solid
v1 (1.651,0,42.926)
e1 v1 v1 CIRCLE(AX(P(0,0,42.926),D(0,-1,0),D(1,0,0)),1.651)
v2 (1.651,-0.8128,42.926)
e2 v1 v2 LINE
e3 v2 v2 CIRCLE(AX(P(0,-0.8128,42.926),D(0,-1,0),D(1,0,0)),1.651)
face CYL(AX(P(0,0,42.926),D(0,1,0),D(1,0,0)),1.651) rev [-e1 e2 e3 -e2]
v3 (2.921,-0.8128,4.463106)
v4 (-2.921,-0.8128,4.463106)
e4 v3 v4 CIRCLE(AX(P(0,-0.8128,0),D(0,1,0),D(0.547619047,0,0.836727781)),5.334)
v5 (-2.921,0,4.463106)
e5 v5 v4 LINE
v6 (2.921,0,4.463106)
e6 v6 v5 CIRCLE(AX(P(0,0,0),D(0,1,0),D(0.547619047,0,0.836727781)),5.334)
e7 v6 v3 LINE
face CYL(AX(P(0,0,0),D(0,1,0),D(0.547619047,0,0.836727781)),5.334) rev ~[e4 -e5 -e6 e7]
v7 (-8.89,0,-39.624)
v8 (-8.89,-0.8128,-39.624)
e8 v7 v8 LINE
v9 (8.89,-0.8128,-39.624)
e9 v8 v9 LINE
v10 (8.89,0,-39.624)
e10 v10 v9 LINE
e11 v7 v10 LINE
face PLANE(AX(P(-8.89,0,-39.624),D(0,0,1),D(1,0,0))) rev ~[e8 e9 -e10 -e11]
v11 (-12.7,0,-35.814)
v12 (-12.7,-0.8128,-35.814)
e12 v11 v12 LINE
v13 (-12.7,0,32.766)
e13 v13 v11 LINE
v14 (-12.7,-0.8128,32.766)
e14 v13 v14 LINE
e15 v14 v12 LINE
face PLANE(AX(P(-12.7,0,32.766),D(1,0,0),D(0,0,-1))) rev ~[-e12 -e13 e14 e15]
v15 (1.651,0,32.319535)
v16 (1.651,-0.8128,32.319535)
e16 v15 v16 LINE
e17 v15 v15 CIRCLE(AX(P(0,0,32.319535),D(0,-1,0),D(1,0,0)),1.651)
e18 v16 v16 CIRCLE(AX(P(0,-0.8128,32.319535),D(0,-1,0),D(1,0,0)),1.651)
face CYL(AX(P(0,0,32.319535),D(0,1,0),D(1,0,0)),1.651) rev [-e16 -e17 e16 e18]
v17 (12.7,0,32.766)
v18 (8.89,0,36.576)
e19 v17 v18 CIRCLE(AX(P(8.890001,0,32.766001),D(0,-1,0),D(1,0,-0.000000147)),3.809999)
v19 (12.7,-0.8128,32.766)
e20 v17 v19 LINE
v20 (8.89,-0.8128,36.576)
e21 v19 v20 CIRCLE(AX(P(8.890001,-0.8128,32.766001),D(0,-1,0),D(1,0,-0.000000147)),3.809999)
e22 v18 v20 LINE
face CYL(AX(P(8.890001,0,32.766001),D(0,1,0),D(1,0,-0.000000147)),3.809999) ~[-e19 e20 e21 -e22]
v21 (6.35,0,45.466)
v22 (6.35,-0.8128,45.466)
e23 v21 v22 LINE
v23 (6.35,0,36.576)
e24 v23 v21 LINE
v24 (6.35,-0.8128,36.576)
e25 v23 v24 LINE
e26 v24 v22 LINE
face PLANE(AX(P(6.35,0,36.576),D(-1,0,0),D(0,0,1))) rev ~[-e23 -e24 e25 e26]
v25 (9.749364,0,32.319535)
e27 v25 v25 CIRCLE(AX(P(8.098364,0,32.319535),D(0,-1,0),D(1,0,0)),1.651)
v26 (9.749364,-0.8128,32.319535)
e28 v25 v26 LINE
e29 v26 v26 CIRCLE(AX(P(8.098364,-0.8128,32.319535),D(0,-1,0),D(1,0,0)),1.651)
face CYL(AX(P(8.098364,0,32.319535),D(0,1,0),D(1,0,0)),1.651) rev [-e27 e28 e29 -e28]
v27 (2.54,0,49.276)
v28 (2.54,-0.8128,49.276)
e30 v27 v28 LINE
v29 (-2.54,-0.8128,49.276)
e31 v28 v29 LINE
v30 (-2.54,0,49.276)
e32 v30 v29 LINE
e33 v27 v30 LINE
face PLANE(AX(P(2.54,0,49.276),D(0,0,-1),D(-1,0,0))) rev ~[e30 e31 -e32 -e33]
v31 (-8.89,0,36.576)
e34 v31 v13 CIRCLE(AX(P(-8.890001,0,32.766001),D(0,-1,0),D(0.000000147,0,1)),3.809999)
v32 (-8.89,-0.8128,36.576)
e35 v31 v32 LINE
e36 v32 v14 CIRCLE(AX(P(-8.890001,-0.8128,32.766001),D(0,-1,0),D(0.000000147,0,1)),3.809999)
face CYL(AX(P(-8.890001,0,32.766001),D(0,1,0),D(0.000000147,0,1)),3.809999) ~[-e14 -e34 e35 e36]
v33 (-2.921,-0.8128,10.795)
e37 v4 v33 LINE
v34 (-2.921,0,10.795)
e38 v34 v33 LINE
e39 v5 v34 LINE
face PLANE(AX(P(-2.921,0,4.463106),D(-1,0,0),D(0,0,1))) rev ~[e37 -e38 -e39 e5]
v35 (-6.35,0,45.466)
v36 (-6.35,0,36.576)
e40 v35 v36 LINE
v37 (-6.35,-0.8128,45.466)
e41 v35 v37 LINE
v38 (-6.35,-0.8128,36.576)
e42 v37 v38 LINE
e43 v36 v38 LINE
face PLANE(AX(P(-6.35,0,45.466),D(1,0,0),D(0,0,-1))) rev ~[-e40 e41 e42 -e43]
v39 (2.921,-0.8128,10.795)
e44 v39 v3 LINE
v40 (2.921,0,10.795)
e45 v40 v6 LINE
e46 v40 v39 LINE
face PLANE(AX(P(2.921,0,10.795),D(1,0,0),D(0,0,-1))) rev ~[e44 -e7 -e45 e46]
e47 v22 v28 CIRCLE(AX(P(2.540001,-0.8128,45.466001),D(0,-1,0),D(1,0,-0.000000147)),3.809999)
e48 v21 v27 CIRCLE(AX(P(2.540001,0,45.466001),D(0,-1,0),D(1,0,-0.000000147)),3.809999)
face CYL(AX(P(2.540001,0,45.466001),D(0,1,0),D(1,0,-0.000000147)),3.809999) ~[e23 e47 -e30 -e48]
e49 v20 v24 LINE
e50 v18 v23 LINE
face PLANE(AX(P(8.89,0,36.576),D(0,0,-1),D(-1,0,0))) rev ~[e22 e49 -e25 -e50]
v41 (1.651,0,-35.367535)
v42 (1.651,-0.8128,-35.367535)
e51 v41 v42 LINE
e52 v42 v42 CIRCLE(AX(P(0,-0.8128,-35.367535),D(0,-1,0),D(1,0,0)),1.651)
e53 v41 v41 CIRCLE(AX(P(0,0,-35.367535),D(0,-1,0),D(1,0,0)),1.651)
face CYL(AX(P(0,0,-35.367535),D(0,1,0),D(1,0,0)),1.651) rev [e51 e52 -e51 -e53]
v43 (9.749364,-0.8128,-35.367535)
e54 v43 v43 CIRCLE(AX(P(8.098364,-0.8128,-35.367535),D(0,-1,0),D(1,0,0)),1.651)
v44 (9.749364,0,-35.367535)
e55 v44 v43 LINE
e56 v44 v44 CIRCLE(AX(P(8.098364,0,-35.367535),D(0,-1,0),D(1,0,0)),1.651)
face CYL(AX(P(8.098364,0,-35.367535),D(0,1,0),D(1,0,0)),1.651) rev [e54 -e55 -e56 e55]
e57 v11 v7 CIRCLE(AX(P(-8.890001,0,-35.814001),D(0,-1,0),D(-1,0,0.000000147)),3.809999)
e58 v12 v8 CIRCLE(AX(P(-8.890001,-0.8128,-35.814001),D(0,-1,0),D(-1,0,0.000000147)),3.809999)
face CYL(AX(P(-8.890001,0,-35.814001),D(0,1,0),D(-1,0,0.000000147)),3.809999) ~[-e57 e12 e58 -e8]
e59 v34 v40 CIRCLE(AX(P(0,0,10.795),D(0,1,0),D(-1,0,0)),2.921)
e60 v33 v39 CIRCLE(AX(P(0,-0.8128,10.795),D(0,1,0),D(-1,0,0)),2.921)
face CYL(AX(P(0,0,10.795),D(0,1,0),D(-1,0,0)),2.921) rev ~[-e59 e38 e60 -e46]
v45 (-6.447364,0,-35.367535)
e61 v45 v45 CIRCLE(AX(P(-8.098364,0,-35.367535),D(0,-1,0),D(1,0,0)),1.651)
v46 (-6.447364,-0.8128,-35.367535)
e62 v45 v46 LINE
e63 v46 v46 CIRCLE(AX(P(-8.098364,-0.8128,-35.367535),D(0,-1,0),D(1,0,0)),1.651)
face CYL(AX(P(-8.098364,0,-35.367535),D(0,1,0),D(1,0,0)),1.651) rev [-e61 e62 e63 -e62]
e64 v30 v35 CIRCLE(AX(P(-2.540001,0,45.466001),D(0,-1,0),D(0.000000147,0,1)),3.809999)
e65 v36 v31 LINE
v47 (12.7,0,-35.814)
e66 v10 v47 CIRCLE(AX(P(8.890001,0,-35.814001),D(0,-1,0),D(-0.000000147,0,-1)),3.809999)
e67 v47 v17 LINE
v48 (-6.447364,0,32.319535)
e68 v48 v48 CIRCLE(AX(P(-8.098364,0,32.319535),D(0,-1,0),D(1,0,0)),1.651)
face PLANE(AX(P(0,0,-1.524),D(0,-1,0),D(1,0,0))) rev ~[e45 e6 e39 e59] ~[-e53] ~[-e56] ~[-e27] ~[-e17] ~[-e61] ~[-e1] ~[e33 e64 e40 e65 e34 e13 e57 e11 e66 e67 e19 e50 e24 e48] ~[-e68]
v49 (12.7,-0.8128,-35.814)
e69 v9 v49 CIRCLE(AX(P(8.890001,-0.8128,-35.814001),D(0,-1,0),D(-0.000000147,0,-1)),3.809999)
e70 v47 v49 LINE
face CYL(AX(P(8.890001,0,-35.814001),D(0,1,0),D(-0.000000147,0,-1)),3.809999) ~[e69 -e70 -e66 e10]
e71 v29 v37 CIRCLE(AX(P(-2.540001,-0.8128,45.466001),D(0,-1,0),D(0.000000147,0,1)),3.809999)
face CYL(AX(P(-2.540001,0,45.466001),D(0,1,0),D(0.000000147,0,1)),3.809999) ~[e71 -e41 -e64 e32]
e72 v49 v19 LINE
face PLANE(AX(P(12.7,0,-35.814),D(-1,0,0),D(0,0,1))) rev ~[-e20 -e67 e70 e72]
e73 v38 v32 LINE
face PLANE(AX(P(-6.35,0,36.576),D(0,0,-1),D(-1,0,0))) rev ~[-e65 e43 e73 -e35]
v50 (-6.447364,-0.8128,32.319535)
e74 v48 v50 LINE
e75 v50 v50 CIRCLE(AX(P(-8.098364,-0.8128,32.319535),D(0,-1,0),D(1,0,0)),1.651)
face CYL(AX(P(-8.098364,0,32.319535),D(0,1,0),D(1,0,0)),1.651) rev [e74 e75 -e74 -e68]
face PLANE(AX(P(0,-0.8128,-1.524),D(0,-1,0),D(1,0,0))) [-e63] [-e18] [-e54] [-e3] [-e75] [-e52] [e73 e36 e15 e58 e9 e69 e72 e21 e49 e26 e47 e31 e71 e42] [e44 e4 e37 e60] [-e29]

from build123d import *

# Parameters (mm, degrees)
F0_R     = 1.651
F1_DEPTH = 0.8128


with BuildPart() as f1:
    # F0 (on Front) → F1 (new body)
    with BuildSketch(Plane.XZ):
        with BuildLine():
            Line((-6.35, 36.576), (-8.89, 36.576))
            ThreePointArc((-8.89, 36.576), (-11.584077, 35.460077), (-12.7, 32.766))
            Line((-12.7, 32.766), (-12.7, -35.814))
            ThreePointArc((-12.7, -35.814), (-11.584077, -38.508077), (-8.89, -39.624))
            Line((-8.89, -39.624), (8.89, -39.624))
            ThreePointArc((8.89, -39.624), (11.584077, -38.508077), (12.7, -35.814))
            Line((12.7, -35.814), (12.7, 32.766))
            ThreePointArc((12.7, 32.766), (11.584077, 35.460077), (8.89, 36.576))
            Line((8.89, 36.576), (6.35, 36.576))
            Line((6.35, 36.576), (-6.35, 36.576))
        make_face()
        with Locations((-8.098364, -35.367535)):
            Circle(F0_R, mode=Mode.SUBTRACT)
        with Locations((0, -35.367535)):
            Circle(F0_R, mode=Mode.SUBTRACT)
        with Locations((8.098364, -35.367535)):
            Circle(F0_R, mode=Mode.SUBTRACT)
        with BuildLine():
            ThreePointArc((2.921, 4.463106), (0, -5.334), (-2.921, 4.463106))
            Line((-2.921, 4.463106), (-2.921, 10.795))
            ThreePointArc((-2.921, 10.795), (0, 13.716), (2.921, 10.795))
            Line((2.921, 10.795), (2.921, 4.463106))
        make_face(mode=Mode.SUBTRACT)
        with Locations((-8.098364, 32.319535)):
            Circle(F0_R, mode=Mode.SUBTRACT)
        with Locations((0, 32.319535)):
            Circle(F0_R, mode=Mode.SUBTRACT)
        with Locations((8.098364, 32.319535)):
            Circle(F0_R, mode=Mode.SUBTRACT)
        with BuildLine():
            Line((-6.35, 45.466), (-6.35, 36.576))
            Line((-6.35, 36.576), (6.35, 36.576))
            Line((6.35, 36.576), (6.35, 45.466))
            ThreePointArc((6.35, 45.466), (5.234077, 48.160077), (2.54, 49.276))
            Line((2.54, 49.276), (-2.54, 49.276))
            ThreePointArc((-2.54, 49.276), (-5.234077, 48.160077), (-6.35, 45.466))
        make_face()
        with Locations((0, 42.926)):
            Circle(F0_R, mode=Mode.SUBTRACT)
    extrude(amount=F1_DEPTH)


solid = f1.part
